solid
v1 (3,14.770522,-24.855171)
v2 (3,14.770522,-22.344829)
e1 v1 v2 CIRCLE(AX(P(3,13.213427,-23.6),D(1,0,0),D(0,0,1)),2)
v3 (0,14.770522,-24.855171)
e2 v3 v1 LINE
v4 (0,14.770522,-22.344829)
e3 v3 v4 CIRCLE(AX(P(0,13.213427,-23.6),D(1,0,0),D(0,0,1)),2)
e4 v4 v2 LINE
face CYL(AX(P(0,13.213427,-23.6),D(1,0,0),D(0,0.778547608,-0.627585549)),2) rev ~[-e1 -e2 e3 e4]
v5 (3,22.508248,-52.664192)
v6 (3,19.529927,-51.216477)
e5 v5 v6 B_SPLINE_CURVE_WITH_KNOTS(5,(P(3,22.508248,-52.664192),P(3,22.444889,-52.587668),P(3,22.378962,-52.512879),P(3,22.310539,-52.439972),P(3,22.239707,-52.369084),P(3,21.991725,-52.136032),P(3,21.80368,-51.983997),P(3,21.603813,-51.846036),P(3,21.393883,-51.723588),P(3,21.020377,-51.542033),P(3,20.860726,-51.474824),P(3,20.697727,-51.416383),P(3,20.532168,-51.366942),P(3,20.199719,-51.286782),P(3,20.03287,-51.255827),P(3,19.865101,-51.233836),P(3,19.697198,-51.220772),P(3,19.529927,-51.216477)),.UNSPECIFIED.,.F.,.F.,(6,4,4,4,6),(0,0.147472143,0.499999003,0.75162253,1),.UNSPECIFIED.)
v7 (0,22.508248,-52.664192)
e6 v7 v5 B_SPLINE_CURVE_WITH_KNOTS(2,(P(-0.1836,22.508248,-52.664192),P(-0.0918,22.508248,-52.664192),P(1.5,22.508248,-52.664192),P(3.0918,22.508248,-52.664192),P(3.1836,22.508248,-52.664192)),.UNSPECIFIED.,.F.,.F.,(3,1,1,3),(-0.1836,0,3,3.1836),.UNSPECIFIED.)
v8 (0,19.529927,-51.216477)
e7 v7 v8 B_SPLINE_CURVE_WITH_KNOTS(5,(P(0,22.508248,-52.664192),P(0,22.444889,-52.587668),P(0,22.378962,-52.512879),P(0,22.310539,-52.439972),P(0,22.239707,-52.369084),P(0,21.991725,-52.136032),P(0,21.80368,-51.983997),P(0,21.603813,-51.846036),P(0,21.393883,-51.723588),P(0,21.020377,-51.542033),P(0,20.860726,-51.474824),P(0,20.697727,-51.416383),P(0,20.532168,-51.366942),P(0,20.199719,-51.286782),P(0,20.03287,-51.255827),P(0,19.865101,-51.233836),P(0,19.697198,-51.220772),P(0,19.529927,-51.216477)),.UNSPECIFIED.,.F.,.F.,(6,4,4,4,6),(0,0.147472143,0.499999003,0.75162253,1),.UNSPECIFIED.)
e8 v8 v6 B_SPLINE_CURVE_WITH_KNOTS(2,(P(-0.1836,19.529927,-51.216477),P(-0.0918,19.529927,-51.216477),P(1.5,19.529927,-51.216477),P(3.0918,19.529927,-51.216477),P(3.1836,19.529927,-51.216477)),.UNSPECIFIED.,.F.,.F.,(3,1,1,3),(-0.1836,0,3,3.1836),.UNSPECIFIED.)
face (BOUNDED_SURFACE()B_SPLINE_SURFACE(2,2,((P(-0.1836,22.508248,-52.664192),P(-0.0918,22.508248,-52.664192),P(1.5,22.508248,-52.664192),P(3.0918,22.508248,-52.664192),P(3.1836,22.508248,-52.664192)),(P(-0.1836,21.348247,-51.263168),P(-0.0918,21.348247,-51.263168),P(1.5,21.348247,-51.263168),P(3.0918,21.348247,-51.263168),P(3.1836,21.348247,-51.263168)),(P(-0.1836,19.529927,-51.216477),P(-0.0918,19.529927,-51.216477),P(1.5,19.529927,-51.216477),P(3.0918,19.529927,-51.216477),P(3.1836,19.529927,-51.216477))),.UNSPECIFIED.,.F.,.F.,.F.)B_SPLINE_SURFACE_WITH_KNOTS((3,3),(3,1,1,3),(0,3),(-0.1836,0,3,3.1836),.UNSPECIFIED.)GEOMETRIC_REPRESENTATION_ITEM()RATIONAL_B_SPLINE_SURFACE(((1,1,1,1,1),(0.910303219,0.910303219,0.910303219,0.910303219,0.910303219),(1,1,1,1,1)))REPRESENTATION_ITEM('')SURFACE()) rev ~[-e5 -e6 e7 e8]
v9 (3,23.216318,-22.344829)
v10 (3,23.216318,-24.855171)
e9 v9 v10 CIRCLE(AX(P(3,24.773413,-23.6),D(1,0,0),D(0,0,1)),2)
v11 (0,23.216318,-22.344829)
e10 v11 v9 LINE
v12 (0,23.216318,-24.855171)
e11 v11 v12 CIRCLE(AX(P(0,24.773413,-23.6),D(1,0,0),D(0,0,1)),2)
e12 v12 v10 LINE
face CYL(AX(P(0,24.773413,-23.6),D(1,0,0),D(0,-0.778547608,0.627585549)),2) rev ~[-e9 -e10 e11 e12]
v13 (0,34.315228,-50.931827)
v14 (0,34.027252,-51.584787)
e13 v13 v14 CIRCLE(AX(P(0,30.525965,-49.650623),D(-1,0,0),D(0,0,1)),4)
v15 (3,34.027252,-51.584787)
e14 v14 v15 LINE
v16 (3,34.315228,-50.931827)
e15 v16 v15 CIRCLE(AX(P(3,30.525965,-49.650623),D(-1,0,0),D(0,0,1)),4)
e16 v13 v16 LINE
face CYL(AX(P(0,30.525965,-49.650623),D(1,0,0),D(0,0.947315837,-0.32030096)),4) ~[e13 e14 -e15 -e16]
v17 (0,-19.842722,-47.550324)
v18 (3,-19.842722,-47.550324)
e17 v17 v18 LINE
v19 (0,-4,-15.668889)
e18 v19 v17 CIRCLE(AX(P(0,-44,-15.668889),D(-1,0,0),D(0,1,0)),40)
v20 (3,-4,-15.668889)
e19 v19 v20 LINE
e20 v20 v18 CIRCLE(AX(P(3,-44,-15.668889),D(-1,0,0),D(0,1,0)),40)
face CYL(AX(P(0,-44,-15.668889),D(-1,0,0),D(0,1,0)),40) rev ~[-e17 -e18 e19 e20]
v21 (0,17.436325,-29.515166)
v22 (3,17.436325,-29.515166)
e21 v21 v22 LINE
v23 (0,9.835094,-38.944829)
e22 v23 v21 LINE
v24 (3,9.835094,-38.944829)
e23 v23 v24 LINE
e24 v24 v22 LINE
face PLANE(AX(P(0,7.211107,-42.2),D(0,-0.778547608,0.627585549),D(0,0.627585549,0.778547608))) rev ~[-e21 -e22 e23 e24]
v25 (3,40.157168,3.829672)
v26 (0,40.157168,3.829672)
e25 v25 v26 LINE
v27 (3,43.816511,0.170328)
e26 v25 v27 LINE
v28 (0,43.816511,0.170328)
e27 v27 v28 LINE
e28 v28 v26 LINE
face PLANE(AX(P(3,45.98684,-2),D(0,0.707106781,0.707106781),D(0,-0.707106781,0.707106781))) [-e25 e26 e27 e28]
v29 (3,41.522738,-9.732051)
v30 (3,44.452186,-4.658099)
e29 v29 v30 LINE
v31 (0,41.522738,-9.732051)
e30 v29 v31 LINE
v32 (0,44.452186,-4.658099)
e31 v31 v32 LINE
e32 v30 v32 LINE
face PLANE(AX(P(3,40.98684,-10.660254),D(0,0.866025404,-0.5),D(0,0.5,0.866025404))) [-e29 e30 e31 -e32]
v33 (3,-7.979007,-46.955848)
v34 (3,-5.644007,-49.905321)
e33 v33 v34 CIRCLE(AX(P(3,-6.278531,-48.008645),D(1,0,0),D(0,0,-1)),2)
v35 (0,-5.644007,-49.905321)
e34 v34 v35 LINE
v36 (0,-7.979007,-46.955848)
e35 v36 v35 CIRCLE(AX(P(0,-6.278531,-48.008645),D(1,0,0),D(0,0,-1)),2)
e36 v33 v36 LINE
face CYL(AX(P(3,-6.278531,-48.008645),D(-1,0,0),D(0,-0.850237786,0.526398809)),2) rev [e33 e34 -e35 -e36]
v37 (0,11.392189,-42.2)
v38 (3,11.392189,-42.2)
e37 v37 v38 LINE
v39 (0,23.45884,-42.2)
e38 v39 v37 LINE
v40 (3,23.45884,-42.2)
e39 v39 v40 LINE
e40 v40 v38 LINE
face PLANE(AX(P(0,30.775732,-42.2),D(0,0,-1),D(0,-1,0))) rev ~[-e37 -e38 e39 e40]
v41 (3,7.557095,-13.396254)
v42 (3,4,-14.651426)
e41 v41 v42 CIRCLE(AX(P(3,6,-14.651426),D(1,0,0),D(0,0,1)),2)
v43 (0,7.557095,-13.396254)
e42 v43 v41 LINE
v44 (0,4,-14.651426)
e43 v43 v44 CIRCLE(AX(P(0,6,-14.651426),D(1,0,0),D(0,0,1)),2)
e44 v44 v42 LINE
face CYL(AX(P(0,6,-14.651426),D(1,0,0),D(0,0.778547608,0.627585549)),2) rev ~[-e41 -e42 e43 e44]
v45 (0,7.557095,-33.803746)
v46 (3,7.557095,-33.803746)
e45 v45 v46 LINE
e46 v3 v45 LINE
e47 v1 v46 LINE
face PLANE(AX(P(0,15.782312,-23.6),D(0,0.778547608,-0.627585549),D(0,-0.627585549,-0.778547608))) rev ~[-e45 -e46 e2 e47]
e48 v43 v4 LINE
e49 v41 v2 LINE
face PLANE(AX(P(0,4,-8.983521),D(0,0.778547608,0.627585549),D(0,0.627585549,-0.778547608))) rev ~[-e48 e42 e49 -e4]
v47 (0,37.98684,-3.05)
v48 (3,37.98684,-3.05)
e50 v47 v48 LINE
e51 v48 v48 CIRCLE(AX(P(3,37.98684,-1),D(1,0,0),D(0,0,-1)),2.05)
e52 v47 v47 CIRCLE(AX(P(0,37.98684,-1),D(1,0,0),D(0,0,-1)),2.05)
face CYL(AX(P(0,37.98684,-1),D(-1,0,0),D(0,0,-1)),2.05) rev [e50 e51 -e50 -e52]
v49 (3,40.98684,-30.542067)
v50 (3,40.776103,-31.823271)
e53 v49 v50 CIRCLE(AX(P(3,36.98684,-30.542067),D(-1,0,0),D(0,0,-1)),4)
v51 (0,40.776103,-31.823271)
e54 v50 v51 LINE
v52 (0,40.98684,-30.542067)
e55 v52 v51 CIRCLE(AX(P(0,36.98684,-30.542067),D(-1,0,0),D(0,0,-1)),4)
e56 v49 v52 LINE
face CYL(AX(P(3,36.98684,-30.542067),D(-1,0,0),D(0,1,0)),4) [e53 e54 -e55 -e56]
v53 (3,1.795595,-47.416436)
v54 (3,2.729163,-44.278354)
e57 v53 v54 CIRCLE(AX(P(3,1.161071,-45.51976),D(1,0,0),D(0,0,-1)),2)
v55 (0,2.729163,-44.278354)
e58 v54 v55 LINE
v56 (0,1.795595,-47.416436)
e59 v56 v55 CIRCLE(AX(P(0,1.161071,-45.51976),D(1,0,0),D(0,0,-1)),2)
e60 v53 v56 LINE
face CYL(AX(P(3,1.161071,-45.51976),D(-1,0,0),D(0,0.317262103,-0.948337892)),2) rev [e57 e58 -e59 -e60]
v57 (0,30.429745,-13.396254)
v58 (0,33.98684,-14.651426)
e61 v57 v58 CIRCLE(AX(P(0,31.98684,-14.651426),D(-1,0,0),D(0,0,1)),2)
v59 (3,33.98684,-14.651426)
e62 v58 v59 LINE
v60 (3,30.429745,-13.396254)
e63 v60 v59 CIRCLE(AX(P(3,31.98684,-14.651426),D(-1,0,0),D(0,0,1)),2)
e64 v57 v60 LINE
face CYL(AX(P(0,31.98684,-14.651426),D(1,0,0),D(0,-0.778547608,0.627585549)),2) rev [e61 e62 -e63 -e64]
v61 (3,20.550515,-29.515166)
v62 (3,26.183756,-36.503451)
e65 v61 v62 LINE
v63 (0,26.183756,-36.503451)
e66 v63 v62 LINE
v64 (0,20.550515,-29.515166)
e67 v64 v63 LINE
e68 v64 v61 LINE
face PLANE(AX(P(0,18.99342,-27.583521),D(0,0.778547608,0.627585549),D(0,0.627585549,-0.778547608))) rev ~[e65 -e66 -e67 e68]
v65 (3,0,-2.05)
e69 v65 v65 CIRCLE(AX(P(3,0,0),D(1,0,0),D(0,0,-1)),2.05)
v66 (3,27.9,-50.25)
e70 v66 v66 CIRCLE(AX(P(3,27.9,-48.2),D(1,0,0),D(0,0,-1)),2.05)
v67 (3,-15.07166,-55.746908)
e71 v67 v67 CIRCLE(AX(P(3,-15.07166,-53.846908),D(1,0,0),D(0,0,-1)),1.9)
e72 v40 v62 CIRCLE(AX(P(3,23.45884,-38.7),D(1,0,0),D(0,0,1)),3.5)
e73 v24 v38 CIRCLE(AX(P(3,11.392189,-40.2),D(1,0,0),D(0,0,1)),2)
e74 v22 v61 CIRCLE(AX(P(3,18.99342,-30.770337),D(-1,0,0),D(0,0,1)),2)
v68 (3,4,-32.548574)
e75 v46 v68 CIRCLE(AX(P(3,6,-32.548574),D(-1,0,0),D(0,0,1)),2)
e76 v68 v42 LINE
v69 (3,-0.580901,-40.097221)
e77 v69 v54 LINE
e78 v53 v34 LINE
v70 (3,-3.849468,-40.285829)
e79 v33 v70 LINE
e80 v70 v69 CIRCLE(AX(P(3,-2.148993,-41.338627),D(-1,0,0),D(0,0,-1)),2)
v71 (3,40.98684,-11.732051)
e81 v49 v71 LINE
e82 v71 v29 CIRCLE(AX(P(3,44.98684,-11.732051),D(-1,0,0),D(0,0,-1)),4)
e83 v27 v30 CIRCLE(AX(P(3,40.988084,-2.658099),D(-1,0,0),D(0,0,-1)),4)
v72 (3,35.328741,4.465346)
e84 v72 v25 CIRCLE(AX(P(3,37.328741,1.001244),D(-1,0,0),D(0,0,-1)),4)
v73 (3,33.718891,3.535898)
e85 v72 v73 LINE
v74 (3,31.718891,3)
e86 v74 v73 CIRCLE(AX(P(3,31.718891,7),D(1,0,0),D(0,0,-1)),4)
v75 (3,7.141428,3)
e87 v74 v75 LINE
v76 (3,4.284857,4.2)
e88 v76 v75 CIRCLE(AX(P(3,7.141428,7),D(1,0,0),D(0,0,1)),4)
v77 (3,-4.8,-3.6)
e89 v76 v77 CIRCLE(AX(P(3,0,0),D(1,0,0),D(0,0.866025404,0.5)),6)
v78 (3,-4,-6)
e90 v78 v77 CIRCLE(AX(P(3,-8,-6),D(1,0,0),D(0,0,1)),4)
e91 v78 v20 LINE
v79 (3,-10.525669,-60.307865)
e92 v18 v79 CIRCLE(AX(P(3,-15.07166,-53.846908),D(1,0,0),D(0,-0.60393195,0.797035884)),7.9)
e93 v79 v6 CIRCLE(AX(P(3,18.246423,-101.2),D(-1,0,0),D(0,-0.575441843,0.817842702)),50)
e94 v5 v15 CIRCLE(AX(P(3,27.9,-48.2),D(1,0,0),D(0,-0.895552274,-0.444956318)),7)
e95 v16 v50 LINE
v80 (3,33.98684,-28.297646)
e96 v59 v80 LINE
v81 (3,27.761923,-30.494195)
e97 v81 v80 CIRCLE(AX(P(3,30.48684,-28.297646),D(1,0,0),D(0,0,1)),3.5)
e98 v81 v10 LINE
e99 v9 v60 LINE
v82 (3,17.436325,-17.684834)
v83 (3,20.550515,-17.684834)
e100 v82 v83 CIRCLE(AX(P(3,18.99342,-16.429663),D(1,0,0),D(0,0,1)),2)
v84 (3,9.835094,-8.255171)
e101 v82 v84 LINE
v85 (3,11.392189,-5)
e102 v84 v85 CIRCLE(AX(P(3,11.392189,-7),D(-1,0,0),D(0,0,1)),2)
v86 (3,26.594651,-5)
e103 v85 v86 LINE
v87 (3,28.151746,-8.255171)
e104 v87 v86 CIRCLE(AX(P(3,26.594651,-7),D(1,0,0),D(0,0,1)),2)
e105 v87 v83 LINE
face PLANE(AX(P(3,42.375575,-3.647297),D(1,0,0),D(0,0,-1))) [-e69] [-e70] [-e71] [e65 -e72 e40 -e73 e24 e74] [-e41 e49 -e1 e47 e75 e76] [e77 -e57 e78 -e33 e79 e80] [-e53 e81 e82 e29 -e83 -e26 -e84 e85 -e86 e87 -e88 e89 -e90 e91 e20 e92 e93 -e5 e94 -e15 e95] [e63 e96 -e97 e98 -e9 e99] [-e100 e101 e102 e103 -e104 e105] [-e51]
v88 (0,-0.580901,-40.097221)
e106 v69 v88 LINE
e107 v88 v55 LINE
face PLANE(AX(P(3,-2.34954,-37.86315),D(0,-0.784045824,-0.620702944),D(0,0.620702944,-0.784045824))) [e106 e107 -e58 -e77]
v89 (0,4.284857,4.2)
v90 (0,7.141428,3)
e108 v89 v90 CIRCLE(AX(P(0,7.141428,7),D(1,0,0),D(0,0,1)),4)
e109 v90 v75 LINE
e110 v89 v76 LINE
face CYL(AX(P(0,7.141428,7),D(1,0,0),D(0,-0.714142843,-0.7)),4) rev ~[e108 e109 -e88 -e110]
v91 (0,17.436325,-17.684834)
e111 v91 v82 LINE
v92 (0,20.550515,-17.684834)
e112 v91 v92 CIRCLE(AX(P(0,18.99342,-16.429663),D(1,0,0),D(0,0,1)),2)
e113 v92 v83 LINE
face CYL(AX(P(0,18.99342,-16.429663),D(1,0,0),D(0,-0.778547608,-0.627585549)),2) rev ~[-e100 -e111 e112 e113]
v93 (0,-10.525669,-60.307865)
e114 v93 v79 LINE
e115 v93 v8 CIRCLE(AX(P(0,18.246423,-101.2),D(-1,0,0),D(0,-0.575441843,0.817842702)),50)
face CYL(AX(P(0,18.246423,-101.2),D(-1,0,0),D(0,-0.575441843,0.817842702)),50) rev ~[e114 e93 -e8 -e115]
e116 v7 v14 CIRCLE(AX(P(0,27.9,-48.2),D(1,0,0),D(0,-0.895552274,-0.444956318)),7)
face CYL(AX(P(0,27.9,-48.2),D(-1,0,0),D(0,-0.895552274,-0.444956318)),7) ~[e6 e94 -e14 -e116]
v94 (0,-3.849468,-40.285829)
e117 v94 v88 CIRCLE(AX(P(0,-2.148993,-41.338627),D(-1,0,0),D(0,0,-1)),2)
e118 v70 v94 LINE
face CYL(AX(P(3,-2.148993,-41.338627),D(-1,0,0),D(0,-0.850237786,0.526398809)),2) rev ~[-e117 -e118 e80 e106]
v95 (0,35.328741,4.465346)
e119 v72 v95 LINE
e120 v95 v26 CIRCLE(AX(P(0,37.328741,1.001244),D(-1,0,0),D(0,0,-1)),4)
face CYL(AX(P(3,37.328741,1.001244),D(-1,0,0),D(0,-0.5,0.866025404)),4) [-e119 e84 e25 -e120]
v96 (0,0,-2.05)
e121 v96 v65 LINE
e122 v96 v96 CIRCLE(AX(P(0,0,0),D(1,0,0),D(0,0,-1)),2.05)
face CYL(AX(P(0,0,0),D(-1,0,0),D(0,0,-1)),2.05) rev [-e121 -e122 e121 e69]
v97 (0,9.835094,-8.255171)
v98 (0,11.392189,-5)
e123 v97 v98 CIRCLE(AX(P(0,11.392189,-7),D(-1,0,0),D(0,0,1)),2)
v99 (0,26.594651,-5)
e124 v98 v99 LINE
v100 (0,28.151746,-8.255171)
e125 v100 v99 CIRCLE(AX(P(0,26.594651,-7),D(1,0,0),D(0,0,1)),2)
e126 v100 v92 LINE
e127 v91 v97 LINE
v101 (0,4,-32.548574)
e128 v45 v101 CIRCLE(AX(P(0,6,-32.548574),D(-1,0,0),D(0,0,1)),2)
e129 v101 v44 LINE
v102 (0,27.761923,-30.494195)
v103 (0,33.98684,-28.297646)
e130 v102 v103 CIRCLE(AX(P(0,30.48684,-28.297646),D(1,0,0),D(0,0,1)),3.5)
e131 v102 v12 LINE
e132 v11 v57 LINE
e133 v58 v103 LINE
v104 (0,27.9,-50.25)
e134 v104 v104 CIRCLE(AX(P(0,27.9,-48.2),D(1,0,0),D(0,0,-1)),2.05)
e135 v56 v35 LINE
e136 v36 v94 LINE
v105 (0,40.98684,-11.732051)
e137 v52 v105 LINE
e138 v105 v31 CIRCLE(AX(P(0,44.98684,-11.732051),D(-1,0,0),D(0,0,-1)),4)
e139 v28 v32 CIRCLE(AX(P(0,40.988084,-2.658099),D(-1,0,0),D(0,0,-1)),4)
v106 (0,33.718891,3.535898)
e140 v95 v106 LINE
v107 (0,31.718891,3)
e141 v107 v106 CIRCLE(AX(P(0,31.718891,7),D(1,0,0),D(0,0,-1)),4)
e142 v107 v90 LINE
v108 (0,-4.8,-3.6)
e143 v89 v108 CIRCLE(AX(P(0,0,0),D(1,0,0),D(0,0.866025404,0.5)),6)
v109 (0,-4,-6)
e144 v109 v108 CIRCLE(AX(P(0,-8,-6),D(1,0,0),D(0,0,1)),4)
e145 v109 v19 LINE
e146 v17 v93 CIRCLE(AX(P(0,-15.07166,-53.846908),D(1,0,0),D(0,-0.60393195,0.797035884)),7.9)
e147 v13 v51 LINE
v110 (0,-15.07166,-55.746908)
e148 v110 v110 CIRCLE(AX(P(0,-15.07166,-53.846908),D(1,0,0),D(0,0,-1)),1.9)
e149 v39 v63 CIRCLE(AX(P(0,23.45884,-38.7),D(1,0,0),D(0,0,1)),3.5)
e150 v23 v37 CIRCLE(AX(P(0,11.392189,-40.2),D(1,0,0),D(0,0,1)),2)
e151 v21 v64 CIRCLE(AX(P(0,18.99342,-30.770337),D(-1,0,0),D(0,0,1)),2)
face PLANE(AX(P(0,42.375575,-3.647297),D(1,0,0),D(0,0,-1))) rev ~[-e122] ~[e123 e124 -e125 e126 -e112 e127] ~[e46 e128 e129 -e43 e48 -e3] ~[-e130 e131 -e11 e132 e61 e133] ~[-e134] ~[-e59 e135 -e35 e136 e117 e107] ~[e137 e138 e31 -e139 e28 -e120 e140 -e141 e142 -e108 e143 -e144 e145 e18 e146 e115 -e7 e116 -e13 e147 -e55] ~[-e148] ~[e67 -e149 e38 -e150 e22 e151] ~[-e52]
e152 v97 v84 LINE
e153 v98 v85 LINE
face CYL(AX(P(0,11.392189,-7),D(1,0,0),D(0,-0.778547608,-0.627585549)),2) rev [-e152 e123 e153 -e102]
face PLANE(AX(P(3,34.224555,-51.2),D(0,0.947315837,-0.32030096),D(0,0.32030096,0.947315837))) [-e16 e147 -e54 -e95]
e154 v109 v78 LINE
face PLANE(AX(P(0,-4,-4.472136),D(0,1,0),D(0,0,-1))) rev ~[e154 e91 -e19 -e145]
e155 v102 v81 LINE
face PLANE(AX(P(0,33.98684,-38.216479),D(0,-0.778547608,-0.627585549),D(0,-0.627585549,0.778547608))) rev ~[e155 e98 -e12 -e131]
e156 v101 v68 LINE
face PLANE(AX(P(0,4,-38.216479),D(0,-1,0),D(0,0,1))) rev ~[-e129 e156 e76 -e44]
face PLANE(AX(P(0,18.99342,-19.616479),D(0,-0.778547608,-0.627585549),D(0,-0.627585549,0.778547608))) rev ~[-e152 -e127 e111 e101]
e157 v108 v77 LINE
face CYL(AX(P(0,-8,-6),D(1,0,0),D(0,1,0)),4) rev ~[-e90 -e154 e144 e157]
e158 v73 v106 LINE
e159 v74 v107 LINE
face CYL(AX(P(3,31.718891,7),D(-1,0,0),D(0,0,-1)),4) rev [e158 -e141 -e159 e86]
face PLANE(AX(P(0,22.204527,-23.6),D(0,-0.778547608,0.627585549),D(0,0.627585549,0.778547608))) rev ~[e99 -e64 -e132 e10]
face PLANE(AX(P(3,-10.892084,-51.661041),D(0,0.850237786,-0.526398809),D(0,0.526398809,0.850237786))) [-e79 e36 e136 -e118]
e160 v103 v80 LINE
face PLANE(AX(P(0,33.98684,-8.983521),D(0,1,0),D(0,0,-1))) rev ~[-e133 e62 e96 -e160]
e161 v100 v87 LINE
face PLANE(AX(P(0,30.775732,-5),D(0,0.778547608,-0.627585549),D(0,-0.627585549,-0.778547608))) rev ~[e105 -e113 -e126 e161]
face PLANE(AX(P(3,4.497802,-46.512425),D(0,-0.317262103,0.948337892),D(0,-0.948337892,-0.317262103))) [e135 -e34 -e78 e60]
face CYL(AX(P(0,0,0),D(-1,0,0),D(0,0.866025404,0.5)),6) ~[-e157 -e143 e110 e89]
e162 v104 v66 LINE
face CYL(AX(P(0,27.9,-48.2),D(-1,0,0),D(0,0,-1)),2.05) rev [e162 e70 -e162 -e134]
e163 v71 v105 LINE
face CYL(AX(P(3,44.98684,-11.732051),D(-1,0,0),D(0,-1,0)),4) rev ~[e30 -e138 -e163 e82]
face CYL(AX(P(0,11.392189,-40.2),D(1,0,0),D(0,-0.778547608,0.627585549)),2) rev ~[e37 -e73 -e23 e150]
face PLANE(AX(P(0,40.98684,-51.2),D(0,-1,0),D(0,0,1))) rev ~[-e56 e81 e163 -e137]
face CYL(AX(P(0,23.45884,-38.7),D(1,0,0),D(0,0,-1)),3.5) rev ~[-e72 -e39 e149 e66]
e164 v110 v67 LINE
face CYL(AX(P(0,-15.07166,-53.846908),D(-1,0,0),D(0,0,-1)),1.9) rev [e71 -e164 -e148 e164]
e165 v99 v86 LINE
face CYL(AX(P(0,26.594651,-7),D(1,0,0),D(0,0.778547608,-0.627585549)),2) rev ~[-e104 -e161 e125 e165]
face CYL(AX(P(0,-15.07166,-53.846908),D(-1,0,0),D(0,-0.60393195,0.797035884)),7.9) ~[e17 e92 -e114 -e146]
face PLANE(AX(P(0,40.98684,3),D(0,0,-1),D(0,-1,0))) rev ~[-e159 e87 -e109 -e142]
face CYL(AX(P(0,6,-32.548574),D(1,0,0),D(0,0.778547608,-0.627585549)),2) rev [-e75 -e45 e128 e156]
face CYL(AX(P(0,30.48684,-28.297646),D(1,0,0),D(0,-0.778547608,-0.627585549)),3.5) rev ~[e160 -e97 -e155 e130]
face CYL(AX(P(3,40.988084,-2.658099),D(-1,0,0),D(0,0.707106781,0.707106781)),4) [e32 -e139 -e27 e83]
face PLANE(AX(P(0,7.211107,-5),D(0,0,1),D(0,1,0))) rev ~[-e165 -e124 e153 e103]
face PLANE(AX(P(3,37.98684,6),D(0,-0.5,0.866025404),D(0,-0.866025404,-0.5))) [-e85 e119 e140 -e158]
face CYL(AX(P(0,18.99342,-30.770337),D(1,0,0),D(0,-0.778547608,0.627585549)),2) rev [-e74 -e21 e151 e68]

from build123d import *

# Parameters (mm, degrees)
SKETCH_1_R          = 1.9
SKETCH_1_R_2        = 2.05
EXTRUDE_1_DEPTH     = 3
EXTRUDE_2_DEPTH     = 3
CUT_EXTRUDE_1_DEPTH = 10
FILLET_1_R          = 2
FILLET_2_R          = 4
FILLET_3_R          = 3.5
CUT_EXTRUDE_2_DEPTH = 10
FILLET_4_R          = 2


with BuildPart() as part:
    # 草图1 → 凸台-拉伸1 (new body)
    with BuildSketch(Plane(origin=(0, 0, 0), x_dir=(0, 0, -1), z_dir=(1, 0, 0))):
        with BuildLine():
            Line((-3, 40.986839826), (-3, 5.196152423))
            ThreePointArc((-3, 5.196152423), (-4.656619043, -3.783635697), (4.472135955, -4))
            Line((4.472135955, -4), (15.668888745, -4))
            ThreePointArc((15.668888745, -4), (33.469294357, -8.178978797), (47.550324088, -19.842721997))
            ThreePointArc((47.550324088, -19.842721997), (58.506158977, -21.45142262), (60.307864912, -10.525669029))
            ThreePointArc((60.307864912, -10.525669029), (53.0476279, 4.779832589), (51.314694229, 21.631134085))
            ThreePointArc((51.314694229, 21.631134085), (55.199709707, 27.963749659), (51.2, 34.22455532))
            Line((51.2, 34.22455532), (51.2, 40.986839826))
            Line((51.2, 40.986839826), (-3, 40.986839826))
        make_face()
        with Locations((53.846907568, -15.071659592)):
            Circle(SKETCH_1_R, mode=Mode.SUBTRACT)
        Circle(SKETCH_1_R_2, mode=Mode.SUBTRACT)
        Polygon((5, 7.211107417), (5, 30.775732409), (19.616479342, 18.993419913), align=None, mode=Mode.SUBTRACT)
        Polygon((38.216479342, 4), (8.983520658, 4), (23.6, 15.782312496), align=None, mode=Mode.SUBTRACT)
        with Locations((1, 37.986839826)):
            Circle(SKETCH_1_R_2, mode=Mode.SUBTRACT)
        Polygon((8.983520658, 33.986839826), (38.216479342, 33.986839826), (23.6, 22.204527331), align=None, mode=Mode.SUBTRACT)
        Polygon((27.583520658, 18.993419913), (42.2, 30.775732409), (42.2, 7.211107417), align=None, mode=Mode.SUBTRACT)
        with Locations((48.2, 27.9)):
            Circle(SKETCH_1_R_2, mode=Mode.SUBTRACT)
    extrude(amount=EXTRUDE_1_DEPTH)

    # 草图2 → 凸台-拉伸2 (add)
    with BuildSketch(Plane(origin=(3, 0, 0), x_dir=(0, 0, -1), z_dir=(1, 0, 0))):
        Polygon((10.660254038, 40.986839826), (2, 45.986839826), (-3, 40.986839826), align=None)
        Polygon((-3, 32.790687404), (-3, 40.986839826), (-6, 37.986839826), align=None)
    extrude(amount=-EXTRUDE_2_DEPTH)

    # 草图3 → 切除-拉伸1 (cut)
    with BuildSketch(Plane(origin=(3, 0, 0), x_dir=(0, 0, -1), z_dir=(1, 0, 0))):
        Polygon((51.2, 34.22455532), (31.2, 40.986839826), (51.2, 40.986839826), align=None)
    extrude(amount=-CUT_EXTRUDE_1_DEPTH, mode=Mode.SUBTRACT)

    # 圆角1
    fillet_1_edges = [part.edges().sort_by_distance(p)[0] for p in [
        (1.5, 22.204527331, -23.6),
        (1.5, 33.986839826, -8.983520658),
        (1.5, 30.775732409, -5),
        (1.5, 7.211107417, -5),
        (1.5, 18.993419913, -19.616479342),
        (1.5, 7.211107417, -42.2),
        (1.5, 18.993419913, -27.583520658),
        (1.5, 4, -8.983520658),
        (1.5, 4, -38.216479342),
        (1.5, 15.782312496, -23.6),
    ]]
    fillet(fillet_1_edges, radius=FILLET_1_R)

    # 圆角2
    fillet_2_edges = [part.edges().sort_by_distance(p)[0] for p in [
        (1.5, -4, -4.472135955),
        (1.5, 5.196152423, 3),
        (1.5, 34.22455532, -51.2),
        (1.5, 21.631134085, -51.314694229),
        (1.5, 45.986839826, -2),
        (1.5, 40.986839826, -10.660254038),
        (1.5, 37.986839826, 6),
        (1.5, 32.790687404, 3),
        (1.5, 40.986839826, -31.2),
    ]]
    fillet(fillet_2_edges, radius=FILLET_2_R)

    # 圆角3
    fillet_3_edges = [part.edges().sort_by_distance(p)[0] for p in [
        (1.5, 33.986839826, -38.216479342),
        (1.5, 30.775732409, -42.2),
    ]]
    fillet(fillet_3_edges, radius=FILLET_3_R)

    # 草图4 → 切除-拉伸2 (cut)
    with BuildSketch(Plane(origin=(3, 0, 0), x_dir=(0, 0, -1), z_dir=(1, 0, 0))):
        Polygon((37.863150267, -2.349540483), (46.512425203, 4.497802174), (51.661041238, -10.892084105), align=None)
    extrude(amount=-CUT_EXTRUDE_2_DEPTH, mode=Mode.SUBTRACT)

    # 圆角4
    fillet_4_edges = [part.edges().sort_by_distance(p)[0] for p in [
        (1.5, -10.892084105, -51.661041238),
        (1.5, -2.349540483, -37.863150267),
        (1.5, 4.497802174, -46.512425203),
    ]]
    fillet(fillet_4_edges, radius=FILLET_4_R)


solid = part.part
